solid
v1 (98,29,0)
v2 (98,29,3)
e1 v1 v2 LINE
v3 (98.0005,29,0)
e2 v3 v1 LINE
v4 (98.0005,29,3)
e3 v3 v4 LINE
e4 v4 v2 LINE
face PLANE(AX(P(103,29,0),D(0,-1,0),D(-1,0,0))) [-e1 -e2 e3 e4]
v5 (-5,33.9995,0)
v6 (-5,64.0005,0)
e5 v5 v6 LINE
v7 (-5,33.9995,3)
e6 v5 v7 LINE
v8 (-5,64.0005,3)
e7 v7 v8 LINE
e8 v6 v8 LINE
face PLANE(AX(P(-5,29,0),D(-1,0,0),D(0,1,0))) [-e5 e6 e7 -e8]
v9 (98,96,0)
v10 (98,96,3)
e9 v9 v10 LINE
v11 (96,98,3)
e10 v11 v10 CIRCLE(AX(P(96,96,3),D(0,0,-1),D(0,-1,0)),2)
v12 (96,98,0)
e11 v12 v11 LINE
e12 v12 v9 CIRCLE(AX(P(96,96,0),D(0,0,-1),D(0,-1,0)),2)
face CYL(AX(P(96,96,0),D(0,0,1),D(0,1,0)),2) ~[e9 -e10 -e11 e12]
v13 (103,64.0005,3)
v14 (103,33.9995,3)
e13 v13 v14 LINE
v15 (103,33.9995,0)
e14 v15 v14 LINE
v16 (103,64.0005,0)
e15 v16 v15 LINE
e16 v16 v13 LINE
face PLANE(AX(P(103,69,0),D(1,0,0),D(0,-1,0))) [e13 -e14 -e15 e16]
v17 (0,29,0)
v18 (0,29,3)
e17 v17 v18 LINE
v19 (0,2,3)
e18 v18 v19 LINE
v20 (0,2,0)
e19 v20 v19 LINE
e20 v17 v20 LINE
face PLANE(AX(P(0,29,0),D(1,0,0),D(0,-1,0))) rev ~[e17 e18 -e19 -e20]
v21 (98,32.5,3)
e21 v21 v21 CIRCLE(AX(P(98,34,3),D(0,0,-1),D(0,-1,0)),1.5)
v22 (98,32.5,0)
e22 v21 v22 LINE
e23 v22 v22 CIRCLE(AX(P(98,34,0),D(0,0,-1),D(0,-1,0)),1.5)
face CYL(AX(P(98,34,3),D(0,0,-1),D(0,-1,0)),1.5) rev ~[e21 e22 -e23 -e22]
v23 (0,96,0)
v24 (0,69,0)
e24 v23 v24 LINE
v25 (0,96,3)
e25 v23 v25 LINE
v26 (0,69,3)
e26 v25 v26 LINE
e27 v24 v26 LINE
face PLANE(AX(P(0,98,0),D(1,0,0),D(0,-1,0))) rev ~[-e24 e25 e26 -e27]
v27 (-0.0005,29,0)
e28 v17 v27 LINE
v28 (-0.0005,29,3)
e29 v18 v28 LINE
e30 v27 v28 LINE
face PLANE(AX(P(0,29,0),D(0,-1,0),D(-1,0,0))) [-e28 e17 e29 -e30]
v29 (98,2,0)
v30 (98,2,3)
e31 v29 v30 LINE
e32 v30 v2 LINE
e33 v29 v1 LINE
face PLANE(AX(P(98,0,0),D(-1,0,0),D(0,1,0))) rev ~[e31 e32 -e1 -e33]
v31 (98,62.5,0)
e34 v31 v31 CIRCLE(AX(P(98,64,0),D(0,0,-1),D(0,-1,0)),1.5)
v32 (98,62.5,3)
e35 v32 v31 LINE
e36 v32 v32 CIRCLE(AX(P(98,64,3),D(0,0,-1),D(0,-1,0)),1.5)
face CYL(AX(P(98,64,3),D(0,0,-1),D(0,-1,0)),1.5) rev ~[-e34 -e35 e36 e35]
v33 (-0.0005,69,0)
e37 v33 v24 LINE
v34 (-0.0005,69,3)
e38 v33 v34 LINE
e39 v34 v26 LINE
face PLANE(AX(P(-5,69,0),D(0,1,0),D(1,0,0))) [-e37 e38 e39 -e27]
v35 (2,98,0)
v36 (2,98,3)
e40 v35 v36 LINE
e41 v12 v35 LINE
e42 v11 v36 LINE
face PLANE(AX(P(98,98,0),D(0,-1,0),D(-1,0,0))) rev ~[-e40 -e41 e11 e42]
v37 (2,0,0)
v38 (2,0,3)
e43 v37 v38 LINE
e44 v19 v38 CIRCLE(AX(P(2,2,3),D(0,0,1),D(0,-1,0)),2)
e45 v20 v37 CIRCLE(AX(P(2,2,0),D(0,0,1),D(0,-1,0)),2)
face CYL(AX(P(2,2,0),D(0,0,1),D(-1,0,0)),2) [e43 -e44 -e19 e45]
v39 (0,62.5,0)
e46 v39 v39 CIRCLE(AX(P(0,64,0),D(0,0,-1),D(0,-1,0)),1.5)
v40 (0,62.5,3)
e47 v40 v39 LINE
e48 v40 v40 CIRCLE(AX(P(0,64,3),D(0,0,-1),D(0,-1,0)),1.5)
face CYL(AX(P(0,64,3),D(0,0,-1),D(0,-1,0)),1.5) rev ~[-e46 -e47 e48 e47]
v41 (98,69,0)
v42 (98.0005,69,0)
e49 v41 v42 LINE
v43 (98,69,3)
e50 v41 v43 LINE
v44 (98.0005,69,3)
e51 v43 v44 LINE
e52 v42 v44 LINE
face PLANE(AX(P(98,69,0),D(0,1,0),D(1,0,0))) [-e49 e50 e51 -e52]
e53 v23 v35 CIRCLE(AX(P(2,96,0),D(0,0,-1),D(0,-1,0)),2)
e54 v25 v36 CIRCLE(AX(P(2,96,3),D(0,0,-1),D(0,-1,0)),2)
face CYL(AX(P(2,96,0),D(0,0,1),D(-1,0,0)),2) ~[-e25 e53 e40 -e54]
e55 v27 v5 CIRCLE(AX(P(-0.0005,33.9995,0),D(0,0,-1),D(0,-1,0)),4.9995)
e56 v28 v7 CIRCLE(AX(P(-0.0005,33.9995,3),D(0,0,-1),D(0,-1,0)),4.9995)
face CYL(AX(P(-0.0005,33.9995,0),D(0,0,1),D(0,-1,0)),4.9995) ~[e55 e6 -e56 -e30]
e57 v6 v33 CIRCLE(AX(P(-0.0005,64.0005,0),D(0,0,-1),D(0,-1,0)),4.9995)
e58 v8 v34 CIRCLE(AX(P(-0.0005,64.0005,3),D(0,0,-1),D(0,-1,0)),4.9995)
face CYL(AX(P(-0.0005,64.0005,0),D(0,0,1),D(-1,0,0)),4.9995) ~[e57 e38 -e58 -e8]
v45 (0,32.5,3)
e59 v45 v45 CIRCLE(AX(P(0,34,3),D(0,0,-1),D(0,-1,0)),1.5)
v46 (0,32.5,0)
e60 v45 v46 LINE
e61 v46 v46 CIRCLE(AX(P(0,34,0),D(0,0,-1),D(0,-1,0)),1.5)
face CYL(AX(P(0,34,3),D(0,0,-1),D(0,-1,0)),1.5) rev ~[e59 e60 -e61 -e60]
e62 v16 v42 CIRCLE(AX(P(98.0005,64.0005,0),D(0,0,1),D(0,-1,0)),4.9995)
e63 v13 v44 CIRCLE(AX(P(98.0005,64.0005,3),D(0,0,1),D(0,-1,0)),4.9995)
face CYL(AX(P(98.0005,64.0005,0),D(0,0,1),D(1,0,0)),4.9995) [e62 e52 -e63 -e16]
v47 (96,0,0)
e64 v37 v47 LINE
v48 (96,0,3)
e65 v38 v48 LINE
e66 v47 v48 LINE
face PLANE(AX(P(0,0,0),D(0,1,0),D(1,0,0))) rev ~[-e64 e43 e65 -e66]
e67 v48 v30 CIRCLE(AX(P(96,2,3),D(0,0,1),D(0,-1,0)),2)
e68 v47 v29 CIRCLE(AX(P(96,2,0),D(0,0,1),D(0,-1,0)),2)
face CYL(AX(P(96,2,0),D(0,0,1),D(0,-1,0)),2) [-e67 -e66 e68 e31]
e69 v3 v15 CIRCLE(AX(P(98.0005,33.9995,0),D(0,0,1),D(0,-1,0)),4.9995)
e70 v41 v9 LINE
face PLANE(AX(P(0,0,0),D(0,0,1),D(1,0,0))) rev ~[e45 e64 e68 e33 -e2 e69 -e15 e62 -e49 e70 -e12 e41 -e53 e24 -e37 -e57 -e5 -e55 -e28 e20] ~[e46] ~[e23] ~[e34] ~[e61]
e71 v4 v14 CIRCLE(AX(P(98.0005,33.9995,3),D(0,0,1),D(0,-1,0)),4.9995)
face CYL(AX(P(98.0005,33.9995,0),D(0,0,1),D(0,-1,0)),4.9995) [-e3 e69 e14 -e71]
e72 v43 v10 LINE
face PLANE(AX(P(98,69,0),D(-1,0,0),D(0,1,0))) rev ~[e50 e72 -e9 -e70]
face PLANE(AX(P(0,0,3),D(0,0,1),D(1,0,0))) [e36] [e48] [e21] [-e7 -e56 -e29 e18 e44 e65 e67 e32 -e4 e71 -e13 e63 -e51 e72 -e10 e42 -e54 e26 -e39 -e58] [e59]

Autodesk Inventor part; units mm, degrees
ref_plane "YZ Plane" through (0, 0, 0) normal (1, 0, 0) x (0, 1, 0)
ref_plane "XZ Plane" through (0, 0, 0) normal (0, 1, 0) x (-1, 0, 0)
ref_plane "XY Plane" through (0, 0, 0) normal (0, 0, 1) x (1, 0, 0)
sketch "Sketch1" plane through (0, 0, 0) normal (0, 0, 1) x (1, 0, 0)
  line L0 (0, 0) -> (98, 0)
  line L1 (98, 0) -> (98, 98)
  line L2 (98, 98) -> (0, 98)
  line L3 (0, 98) -> (0, 0)
  line L4 (-5, 69) -> (103, 69)
  line L5 (103, 69) -> (103, 29)
  line L6 (103, 29) -> (-5, 29)
  line L7 (-5, 29) -> (-5, 69)
  dimension "d0" = 98
  dimension "d1" = 98
  dimension "d14" = 108
  dimension "d15" = 40
  dimension "d16" = 5
  dimension "d17" = 29
extrude "Extrusion1" add sketch "Sketch1" along normal blind 3
fillet "Fillet3" radius 2 4 edges at (0, 0, 1.5) (98, 0, 1.5) (0, 98, 1.5) (98, 98, 1.5)
fillet "Fillet9" radius 5 4 edges at (-5, 29, 1.5) (-5, 69, 1.5) (103, 29, 1.5) (103, 69, 1.5)
sketch "Sketch8" plane through (0, 0, 3) normal (0, 0, 1) x (1, 0, 0)
  arc A0 (0, 69) -> (-5, 64) centre (0, 64) ccw projected
  arc A1 (-5, 34) -> (0, 29) centre (0, 34) ccw projected
  arc A2 (98, 29) -> (103, 34) centre (98, 34) ccw projected
  arc A3 (103, 64) -> (98, 69) centre (98, 64) ccw projected
hole "Hole5" at (0, 34, 3) at (0, 64, 3) at (98, 34, 3) at (98, 64, 3) direction (0, 0, -1) diameter 3 end through all
properties part number "plastic_part_11"
